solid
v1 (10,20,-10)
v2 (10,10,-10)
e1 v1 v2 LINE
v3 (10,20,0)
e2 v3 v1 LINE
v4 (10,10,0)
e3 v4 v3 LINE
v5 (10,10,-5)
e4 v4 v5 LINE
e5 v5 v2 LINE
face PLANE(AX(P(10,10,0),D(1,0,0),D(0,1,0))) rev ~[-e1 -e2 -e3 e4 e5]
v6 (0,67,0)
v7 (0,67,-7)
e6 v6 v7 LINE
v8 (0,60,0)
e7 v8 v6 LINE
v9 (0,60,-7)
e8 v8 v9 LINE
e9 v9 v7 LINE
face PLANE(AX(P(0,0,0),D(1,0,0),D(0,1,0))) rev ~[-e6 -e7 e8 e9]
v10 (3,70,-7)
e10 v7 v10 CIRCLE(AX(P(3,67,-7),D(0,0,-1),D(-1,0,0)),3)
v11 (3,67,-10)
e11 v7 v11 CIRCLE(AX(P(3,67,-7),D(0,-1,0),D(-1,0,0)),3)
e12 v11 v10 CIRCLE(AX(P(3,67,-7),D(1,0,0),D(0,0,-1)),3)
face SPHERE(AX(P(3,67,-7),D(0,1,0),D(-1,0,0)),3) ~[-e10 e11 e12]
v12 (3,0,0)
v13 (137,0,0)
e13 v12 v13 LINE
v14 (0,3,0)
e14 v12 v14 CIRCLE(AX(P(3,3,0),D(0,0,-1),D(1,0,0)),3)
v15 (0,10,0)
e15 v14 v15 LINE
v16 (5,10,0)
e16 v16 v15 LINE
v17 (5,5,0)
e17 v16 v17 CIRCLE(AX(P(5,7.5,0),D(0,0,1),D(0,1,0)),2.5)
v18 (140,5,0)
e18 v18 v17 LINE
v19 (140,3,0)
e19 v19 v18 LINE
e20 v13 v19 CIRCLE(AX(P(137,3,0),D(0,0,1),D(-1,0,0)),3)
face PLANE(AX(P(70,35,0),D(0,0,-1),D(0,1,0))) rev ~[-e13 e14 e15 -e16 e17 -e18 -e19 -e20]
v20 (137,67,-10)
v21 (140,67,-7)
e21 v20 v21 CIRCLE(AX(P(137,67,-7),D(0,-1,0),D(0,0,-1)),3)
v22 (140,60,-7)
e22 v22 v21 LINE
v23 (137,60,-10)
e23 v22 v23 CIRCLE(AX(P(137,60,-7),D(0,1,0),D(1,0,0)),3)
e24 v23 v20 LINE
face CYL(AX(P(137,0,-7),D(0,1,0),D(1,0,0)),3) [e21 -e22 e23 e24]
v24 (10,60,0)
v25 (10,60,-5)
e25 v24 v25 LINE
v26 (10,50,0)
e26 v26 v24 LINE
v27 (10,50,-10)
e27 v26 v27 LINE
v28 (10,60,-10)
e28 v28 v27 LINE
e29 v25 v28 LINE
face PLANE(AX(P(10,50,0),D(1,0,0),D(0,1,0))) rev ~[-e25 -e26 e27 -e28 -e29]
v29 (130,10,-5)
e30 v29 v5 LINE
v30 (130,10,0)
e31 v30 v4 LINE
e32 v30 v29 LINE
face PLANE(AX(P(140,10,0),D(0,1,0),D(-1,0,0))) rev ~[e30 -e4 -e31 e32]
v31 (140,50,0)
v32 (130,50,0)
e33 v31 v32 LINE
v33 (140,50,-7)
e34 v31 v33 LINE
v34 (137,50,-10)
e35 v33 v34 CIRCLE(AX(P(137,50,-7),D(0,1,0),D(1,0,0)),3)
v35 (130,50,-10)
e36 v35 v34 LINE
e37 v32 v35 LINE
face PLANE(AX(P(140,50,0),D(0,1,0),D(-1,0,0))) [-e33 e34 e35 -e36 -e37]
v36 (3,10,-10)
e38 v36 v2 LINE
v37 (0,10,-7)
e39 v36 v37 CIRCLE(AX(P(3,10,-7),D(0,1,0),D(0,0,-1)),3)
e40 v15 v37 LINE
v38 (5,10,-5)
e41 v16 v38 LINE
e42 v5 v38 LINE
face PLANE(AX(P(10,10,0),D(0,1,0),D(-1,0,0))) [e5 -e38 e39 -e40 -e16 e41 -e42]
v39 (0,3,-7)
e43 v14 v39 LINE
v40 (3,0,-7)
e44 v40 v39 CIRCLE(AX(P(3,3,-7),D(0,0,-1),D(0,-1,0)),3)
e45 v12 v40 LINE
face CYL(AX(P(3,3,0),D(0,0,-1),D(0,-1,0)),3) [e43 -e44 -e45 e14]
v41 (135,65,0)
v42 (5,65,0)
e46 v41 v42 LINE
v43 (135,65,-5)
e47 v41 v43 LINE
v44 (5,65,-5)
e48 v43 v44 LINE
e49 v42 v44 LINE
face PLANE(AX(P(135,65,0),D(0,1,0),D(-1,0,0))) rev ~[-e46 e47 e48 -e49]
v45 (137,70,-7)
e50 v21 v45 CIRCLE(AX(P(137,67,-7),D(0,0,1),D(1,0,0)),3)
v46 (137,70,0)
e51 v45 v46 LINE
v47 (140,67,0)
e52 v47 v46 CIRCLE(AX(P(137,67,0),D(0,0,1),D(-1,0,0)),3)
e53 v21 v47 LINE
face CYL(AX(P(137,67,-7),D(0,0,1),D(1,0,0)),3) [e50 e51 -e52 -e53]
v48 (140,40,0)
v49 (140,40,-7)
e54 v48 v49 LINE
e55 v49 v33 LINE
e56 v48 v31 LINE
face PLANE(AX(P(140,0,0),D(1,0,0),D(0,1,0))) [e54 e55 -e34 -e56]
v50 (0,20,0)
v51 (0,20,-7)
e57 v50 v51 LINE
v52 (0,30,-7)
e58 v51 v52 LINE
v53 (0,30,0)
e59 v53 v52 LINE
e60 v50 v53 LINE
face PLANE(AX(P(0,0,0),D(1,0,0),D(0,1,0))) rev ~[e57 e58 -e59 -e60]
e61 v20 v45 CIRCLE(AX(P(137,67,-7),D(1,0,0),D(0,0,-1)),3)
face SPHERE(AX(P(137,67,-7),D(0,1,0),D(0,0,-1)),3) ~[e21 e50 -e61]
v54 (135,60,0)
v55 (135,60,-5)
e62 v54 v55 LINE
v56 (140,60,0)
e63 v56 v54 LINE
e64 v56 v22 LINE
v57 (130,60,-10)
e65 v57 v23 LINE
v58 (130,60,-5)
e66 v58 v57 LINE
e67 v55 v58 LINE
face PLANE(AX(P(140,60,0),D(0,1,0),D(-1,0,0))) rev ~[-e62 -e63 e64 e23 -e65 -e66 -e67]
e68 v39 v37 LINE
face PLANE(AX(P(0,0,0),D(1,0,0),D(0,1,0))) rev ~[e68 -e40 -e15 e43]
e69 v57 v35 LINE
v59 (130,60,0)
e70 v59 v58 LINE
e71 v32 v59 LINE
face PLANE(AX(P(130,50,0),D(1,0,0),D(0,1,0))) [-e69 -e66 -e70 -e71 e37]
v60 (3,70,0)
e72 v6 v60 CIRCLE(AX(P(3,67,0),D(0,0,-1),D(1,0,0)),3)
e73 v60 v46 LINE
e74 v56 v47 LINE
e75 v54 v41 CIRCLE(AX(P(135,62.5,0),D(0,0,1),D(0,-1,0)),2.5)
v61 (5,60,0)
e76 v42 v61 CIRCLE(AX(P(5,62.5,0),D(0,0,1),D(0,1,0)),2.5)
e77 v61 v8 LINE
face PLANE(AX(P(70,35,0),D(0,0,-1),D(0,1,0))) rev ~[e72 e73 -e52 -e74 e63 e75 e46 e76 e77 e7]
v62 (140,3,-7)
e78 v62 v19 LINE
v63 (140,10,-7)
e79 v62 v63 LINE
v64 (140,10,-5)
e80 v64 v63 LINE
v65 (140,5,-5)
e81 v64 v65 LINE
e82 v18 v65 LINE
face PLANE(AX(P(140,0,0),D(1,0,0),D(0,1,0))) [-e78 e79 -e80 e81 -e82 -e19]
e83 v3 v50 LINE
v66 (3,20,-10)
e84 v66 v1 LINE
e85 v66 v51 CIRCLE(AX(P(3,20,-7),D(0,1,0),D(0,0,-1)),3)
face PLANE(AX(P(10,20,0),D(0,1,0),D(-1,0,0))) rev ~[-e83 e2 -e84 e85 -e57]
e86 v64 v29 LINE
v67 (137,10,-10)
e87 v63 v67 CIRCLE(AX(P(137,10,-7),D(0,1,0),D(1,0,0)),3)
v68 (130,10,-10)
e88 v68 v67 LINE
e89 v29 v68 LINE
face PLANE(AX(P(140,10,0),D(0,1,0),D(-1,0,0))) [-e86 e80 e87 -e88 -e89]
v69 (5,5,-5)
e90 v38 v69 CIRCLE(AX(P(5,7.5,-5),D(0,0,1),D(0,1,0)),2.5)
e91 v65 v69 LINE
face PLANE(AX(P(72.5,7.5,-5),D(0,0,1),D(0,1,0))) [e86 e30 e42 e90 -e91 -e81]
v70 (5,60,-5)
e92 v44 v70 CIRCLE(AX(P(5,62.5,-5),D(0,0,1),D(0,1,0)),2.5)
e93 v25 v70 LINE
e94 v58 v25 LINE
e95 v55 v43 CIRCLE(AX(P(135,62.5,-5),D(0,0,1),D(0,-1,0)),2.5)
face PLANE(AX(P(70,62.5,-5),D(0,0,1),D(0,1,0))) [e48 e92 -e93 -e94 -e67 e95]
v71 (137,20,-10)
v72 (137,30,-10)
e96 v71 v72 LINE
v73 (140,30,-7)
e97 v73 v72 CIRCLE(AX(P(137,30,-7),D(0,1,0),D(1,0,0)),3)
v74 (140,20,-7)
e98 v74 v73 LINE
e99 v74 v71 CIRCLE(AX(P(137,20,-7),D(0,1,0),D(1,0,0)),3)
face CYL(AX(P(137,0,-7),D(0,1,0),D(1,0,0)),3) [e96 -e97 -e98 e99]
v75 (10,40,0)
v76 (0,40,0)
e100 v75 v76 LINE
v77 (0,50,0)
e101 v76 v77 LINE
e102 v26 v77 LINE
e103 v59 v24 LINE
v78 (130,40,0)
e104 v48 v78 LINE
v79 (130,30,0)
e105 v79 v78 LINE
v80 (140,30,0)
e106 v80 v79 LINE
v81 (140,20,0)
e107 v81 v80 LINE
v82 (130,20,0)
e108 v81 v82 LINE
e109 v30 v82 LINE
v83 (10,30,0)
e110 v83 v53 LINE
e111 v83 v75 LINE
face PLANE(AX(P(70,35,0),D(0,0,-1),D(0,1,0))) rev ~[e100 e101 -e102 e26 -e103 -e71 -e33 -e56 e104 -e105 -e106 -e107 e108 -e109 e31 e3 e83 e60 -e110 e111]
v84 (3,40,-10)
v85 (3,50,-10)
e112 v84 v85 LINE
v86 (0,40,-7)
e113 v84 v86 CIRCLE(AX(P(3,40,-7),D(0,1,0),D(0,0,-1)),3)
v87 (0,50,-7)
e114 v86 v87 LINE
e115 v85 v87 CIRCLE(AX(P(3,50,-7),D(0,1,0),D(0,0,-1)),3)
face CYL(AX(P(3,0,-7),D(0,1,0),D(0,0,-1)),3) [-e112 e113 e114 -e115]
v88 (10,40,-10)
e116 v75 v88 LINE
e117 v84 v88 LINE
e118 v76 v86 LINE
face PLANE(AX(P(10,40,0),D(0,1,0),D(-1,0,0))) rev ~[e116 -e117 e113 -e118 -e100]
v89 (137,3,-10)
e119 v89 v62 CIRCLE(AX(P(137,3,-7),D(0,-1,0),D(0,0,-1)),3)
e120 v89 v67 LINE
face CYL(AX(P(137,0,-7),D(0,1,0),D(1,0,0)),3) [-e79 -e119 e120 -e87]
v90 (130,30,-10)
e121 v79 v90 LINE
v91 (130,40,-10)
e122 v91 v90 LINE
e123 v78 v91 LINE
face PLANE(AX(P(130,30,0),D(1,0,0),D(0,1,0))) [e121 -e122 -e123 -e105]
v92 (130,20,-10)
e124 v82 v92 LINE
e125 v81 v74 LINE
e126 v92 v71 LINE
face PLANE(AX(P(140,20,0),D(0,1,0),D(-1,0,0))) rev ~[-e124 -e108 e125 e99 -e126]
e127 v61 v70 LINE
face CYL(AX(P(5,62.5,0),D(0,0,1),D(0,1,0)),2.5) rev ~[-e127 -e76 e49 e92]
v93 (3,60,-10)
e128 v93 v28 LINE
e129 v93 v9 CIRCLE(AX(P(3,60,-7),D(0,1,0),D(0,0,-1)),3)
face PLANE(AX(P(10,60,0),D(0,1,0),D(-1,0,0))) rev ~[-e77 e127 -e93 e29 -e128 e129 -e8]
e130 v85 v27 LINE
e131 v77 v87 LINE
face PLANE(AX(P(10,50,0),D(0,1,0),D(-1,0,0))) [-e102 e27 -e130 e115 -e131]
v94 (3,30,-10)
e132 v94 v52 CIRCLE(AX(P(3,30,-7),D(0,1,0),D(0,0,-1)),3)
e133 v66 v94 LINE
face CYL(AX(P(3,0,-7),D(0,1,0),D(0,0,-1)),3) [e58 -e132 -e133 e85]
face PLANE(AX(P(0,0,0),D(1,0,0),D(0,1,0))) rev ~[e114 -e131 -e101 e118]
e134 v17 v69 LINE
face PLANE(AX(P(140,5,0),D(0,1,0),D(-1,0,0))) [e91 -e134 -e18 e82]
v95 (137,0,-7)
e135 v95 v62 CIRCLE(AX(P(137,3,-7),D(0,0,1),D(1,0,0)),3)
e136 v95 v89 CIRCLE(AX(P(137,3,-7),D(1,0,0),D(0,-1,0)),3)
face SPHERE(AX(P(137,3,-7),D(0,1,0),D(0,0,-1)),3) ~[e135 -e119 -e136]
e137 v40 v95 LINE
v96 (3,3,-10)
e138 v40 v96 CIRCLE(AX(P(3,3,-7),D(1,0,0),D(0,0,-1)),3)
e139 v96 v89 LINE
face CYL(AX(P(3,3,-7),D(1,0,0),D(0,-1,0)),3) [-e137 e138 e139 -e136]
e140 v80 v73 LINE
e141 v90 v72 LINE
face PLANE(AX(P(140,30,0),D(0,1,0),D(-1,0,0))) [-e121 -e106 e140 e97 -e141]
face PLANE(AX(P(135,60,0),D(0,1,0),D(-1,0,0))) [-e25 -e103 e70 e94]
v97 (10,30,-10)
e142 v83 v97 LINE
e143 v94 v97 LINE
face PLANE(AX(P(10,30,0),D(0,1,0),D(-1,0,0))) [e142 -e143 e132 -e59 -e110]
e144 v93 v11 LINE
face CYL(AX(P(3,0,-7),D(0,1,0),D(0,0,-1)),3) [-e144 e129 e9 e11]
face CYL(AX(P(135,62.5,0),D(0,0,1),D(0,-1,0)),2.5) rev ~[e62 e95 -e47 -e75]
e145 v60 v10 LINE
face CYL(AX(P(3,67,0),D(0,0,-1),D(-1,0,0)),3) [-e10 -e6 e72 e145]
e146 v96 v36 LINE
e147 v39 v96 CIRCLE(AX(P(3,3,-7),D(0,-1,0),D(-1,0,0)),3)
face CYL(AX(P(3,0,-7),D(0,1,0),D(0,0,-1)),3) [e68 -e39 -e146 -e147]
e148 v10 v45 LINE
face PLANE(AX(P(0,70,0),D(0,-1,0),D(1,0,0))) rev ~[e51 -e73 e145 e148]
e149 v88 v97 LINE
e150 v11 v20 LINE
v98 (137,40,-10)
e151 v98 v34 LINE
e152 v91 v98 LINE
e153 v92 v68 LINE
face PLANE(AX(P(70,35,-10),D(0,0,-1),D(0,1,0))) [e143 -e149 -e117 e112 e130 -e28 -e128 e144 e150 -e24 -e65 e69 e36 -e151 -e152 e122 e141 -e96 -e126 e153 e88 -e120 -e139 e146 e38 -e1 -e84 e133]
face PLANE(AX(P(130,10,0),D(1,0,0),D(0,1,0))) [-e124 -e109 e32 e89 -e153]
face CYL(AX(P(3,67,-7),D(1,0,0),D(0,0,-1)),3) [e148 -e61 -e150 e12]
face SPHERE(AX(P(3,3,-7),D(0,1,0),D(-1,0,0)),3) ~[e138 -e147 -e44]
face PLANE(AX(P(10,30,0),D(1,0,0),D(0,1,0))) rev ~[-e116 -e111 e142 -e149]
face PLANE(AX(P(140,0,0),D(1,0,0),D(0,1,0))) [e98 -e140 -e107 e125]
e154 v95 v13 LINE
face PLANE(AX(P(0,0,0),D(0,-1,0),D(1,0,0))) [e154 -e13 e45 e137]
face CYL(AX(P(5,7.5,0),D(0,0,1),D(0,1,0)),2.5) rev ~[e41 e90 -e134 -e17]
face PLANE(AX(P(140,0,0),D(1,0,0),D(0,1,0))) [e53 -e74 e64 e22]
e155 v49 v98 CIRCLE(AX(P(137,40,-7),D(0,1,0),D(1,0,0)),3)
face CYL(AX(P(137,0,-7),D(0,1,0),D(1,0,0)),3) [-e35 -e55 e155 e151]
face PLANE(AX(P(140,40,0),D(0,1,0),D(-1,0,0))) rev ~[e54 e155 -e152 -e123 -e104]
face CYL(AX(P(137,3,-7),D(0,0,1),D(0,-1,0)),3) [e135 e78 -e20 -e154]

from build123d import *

# Parameters (mm, degrees)
SKETCH_W             = 70
SKETCH_H             = 140
PAD_DEPTH            = 10
FILLET_R             = 3
FILLET001_R          = 3
SKETCH001_W          = 10
SKETCH001_H          = 10
POCKET_DEPTH         = 10.001
POCKET001_DEPTH      = 5
FILLET002_R          = 3
FILLET003_R          = 3
BODY_PLACEMENT_ANGLE = 90


with BuildPart() as part:
    # Sketch → Pad (new body)
    with BuildSketch(Plane.YZ):
        Rectangle(SKETCH_W, SKETCH_H)
    extrude(amount=PAD_DEPTH)

    # Fillet
    fillet_edges = [part.edges().sort_by_distance(p)[0] for p in [
        (10, 0, 70),
    ]]
    fillet(fillet_edges, radius=FILLET_R)

    # Fillet001
    fillet001_edges = [part.edges().sort_by_distance(p)[0] for p in [
        (10, 0, -70),
    ]]
    fillet(fillet001_edges, radius=FILLET001_R)

    # Sketch001 (on Face7 of Fillet001) → Pocket (cut, through all)
    with BuildSketch(Plane(origin=(0, 0, 0), x_dir=(0, 1, 0), z_dir=(-1, 0, 0))):
        with Locations((-20, 65)):
            Rectangle(SKETCH001_W, SKETCH001_H)
        with Locations((0, 65)):
            Rectangle(SKETCH001_W, SKETCH001_H)
        with Locations((20, 65)):
            Rectangle(SKETCH001_W, SKETCH001_H)
        with Locations((-20, -65)):
            Rectangle(SKETCH001_W, SKETCH001_H)
        with Locations((0, -65)):
            Rectangle(SKETCH001_W, SKETCH001_H)
        with Locations((20, -65)):
            Rectangle(SKETCH001_W, SKETCH001_H)
    extrude(amount=-POCKET_DEPTH, mode=Mode.SUBTRACT)

    # Sketch002 (on Face7 of Pocket) → Pocket001 (cut)
    with BuildSketch(Plane(origin=(0, 0, 0), x_dir=(0, 1, 0), z_dir=(-1, 0, 0))):
        with BuildLine():
            ThreePointArc((25, -65), (27.5, -67.5), (30, -65))
            Line((30, -65), (30, 65))
            ThreePointArc((30, 65), (27.5, 67.5), (25, 65))
            Line((25, -65), (25, 65))
        make_face()
        with BuildLine():
            ThreePointArc((-30, -70), (-27.5, -72.5), (-25, -70))
            Line((-25, -70), (-25, 65))
            ThreePointArc((-25, 65), (-27.5, 67.5), (-30, 65))
            Line((-30, -70), (-30, 65))
        make_face()
    extrude(amount=-POCKET001_DEPTH, mode=Mode.SUBTRACT)

    # Fillet002
    fillet002_edges = [part.edges().sort_by_distance(p)[0] for p in [
        (10, -35, 0),
    ]]
    fillet(fillet002_edges, radius=FILLET002_R)

    # Fillet003
    fillet003_edges = [part.edges().sort_by_distance(p)[0] for p in [
        (10, 35, 0),
    ]]
    fillet(fillet003_edges, radius=FILLET003_R)


with BuildPart() as part_1:
    # Body placement: moved
    add(part.part.rotate(Axis((0, 0, 0), (0, 1, 0)), BODY_PLACEMENT_ANGLE))


with BuildPart() as part_2:
    # Clone placement: moved
    add(part_1.part.moved(Location((70, 35, 0))))


solid = part_2.part
